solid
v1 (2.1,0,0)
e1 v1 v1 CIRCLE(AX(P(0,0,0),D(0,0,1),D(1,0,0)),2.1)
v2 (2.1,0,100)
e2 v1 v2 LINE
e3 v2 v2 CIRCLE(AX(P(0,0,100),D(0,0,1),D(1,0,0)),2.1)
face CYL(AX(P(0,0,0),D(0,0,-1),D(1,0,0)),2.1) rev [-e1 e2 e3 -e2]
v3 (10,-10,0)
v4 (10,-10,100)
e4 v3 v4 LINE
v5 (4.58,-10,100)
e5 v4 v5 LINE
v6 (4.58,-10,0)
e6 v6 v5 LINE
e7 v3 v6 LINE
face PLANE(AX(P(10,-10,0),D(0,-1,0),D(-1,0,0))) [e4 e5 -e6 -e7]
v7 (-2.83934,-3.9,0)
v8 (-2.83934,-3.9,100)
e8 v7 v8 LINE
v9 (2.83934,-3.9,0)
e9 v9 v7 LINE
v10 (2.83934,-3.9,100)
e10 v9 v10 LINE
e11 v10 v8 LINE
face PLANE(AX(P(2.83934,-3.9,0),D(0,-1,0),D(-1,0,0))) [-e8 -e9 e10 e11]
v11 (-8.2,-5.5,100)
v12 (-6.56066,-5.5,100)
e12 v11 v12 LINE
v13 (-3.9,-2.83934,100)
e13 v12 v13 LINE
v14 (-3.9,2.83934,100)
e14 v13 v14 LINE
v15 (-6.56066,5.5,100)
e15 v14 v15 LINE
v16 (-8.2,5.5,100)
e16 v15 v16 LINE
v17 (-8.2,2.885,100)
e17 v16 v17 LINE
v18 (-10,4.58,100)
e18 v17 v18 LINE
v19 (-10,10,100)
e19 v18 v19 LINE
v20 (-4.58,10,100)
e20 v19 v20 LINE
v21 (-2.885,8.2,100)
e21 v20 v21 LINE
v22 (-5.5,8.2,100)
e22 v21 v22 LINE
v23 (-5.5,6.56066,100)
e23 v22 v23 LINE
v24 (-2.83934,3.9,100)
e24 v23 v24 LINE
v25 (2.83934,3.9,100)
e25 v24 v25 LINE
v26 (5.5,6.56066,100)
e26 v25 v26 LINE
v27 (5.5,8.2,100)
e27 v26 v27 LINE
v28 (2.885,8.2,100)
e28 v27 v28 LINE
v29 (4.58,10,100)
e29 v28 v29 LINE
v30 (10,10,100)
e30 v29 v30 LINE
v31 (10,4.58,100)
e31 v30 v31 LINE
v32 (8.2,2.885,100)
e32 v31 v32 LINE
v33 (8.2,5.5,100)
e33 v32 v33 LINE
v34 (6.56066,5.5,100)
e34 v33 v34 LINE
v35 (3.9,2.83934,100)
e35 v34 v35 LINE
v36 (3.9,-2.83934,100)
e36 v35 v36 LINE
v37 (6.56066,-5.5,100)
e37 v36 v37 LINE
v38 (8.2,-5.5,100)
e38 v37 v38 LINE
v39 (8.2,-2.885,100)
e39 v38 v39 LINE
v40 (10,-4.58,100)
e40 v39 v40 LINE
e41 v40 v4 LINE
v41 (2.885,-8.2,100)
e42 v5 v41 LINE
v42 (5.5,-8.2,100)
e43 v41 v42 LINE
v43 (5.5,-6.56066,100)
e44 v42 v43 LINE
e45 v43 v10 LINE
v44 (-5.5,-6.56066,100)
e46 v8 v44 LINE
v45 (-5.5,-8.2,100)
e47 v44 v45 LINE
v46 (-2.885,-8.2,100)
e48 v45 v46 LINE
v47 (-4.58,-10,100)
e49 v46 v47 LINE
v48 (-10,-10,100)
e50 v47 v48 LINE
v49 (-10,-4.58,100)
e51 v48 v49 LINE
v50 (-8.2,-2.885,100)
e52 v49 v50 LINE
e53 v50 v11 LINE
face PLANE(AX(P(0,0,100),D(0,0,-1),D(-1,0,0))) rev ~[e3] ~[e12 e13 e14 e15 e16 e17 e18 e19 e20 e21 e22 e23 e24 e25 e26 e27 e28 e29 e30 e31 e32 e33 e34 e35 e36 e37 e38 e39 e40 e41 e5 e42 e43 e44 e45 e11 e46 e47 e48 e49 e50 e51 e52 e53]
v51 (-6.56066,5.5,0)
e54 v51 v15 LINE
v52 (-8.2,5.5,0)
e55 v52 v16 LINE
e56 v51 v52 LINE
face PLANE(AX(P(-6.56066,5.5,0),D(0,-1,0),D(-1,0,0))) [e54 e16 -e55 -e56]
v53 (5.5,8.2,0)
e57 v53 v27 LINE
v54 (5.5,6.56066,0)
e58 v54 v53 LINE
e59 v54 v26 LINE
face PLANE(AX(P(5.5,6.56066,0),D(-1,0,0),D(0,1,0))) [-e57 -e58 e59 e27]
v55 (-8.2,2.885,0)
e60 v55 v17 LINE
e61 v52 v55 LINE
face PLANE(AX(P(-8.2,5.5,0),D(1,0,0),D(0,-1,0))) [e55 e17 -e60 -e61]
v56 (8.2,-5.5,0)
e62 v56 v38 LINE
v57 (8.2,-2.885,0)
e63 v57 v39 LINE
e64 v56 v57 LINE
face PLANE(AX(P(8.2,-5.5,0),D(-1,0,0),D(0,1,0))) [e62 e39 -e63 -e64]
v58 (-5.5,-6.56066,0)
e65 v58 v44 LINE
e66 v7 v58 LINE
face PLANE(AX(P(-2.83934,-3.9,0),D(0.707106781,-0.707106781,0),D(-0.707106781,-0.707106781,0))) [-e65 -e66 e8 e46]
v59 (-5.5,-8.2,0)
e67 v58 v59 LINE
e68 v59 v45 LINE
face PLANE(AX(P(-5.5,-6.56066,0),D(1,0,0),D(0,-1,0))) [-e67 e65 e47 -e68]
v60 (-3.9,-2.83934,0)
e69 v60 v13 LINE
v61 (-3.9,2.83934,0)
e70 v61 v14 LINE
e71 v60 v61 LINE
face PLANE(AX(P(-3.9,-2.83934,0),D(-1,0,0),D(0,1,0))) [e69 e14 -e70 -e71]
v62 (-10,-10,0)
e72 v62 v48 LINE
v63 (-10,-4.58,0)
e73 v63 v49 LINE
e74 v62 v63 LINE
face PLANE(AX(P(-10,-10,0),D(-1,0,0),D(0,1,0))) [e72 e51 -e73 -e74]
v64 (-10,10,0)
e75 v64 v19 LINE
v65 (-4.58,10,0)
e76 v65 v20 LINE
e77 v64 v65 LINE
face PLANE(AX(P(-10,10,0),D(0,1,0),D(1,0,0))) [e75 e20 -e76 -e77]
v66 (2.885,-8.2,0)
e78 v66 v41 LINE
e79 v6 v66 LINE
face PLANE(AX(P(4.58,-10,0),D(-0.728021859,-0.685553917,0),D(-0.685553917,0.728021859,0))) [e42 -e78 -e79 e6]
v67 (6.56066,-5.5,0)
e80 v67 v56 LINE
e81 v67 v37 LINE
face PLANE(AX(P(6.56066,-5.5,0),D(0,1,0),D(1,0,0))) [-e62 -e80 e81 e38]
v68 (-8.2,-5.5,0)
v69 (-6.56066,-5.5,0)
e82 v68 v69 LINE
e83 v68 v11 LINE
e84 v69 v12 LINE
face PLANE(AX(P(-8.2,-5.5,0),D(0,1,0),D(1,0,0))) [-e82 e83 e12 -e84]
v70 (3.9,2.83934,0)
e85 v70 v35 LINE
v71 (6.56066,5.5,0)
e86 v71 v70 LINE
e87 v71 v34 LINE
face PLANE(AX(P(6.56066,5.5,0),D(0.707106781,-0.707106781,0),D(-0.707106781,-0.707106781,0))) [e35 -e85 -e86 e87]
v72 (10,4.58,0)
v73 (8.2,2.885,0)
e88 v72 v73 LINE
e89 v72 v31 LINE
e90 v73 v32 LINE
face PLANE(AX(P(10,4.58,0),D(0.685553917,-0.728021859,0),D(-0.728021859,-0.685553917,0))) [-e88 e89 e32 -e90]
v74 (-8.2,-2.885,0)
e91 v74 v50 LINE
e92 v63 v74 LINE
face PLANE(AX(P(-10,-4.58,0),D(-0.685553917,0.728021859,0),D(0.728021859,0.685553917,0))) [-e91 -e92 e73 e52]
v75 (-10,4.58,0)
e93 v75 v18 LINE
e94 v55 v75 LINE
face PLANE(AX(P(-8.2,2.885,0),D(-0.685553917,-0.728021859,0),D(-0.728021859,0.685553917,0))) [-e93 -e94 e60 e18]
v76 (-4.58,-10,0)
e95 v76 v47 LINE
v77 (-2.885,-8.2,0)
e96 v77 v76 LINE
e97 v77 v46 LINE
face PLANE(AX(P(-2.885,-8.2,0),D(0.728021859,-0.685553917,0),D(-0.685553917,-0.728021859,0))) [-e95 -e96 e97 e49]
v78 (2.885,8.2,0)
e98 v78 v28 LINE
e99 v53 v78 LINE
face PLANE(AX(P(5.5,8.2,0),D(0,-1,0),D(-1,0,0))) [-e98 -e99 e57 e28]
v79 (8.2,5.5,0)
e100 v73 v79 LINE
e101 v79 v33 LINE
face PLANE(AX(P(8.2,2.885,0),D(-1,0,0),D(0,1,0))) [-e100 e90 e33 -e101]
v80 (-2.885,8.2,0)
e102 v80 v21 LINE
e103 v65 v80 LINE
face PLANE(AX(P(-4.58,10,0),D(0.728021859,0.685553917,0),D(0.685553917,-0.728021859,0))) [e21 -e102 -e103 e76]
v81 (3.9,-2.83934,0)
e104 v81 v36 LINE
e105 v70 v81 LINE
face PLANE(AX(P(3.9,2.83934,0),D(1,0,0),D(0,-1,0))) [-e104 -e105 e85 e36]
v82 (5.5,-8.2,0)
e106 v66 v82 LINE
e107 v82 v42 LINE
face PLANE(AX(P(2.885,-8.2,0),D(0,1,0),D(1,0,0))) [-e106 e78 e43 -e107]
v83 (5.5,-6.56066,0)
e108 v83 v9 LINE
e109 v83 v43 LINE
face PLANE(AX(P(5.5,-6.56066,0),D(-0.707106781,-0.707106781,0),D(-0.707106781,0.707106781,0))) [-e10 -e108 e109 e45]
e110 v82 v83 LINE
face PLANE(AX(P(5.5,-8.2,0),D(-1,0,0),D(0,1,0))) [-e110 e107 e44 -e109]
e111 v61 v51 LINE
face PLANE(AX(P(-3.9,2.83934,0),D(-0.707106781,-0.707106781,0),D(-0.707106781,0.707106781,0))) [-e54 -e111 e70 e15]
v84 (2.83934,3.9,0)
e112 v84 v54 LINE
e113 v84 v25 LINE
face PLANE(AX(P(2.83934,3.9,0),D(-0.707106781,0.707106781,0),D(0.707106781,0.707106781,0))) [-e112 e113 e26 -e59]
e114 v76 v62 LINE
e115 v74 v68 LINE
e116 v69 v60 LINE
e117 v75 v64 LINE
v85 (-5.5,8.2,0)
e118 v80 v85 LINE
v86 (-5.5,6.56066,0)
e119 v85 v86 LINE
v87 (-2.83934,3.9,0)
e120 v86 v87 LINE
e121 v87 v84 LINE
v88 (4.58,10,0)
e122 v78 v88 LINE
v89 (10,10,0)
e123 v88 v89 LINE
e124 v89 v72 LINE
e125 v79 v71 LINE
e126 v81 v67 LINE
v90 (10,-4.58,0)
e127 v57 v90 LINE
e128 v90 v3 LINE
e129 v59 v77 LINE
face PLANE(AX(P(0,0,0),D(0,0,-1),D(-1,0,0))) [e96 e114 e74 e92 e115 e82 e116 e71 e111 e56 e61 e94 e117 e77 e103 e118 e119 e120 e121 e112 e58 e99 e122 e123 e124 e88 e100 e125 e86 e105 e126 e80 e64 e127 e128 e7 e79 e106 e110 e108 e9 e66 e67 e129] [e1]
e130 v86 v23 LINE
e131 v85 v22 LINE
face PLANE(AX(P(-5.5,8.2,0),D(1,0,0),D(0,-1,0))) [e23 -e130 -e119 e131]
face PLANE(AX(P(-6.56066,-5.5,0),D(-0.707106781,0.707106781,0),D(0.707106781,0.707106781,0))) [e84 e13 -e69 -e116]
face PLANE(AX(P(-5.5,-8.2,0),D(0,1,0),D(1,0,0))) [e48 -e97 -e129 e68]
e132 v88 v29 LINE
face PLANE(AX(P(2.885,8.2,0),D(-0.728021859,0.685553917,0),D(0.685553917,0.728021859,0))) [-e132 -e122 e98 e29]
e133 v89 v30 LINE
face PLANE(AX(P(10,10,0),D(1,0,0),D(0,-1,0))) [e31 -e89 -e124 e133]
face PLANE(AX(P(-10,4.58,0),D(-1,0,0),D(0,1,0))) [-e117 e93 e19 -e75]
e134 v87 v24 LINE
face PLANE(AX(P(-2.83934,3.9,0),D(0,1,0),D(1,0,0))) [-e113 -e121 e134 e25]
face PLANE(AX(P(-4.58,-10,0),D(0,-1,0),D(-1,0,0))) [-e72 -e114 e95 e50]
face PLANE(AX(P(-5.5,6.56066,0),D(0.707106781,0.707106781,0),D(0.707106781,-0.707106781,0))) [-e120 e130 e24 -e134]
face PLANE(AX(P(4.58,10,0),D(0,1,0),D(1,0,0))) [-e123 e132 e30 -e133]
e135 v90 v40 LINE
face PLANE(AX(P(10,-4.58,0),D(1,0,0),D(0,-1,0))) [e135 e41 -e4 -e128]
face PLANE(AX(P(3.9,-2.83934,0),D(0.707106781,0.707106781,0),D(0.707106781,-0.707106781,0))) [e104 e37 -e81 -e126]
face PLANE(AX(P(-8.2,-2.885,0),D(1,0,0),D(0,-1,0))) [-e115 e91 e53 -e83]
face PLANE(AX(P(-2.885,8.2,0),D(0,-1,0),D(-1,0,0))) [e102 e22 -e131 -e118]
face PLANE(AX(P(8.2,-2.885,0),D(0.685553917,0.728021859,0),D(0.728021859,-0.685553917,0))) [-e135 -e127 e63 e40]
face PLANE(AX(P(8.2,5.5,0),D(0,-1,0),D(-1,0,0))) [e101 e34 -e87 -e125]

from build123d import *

# Parameters (mm, degrees)
SKETCH1_R           = 2.1
BOSS_EXTRUDE1_DEPTH = 100


with BuildPart() as part:
    # Sketch1 → Boss-Extrude1 (new body)
    with BuildSketch(Plane.XY):
        Polygon((-4.58, 10), (-2.885, 8.2), (-5.5, 8.2), (-5.5, 6.560660172), (-2.839339828, 3.9), (2.839339828, 3.9), (5.5, 6.560660172), (5.5, 8.2), (2.885, 8.2), (4.58, 10), (10, 10), (10, 4.58), (8.2, 2.885), (8.2, 5.5), (6.560660172, 5.5), (3.9, 2.839339828), (3.9, -2.839339828), (6.560660172, -5.5), (8.2, -5.5), (8.2, -2.885), (10, -4.58), (10, -10), (4.58, -10), (2.885, -8.2), (5.5, -8.2), (5.5, -6.560660172), (2.839339828, -3.9), (-2.839339828, -3.9), (-5.5, -6.560660172), (-5.5, -8.2), (-2.885, -8.2), (-4.58, -10), (-10, -10), (-10, -4.58), (-8.2, -2.885), (-8.2, -5.5), (-6.560660172, -5.5), (-3.9, -2.839339828), (-3.9, 2.839339828), (-6.560660172, 5.5), (-8.2, 5.5), (-8.2, 2.885), (-10, 4.58), (-10, 10), align=None)
        Circle(SKETCH1_R, mode=Mode.SUBTRACT)
    extrude(amount=BOSS_EXTRUDE1_DEPTH)


solid = part.part
